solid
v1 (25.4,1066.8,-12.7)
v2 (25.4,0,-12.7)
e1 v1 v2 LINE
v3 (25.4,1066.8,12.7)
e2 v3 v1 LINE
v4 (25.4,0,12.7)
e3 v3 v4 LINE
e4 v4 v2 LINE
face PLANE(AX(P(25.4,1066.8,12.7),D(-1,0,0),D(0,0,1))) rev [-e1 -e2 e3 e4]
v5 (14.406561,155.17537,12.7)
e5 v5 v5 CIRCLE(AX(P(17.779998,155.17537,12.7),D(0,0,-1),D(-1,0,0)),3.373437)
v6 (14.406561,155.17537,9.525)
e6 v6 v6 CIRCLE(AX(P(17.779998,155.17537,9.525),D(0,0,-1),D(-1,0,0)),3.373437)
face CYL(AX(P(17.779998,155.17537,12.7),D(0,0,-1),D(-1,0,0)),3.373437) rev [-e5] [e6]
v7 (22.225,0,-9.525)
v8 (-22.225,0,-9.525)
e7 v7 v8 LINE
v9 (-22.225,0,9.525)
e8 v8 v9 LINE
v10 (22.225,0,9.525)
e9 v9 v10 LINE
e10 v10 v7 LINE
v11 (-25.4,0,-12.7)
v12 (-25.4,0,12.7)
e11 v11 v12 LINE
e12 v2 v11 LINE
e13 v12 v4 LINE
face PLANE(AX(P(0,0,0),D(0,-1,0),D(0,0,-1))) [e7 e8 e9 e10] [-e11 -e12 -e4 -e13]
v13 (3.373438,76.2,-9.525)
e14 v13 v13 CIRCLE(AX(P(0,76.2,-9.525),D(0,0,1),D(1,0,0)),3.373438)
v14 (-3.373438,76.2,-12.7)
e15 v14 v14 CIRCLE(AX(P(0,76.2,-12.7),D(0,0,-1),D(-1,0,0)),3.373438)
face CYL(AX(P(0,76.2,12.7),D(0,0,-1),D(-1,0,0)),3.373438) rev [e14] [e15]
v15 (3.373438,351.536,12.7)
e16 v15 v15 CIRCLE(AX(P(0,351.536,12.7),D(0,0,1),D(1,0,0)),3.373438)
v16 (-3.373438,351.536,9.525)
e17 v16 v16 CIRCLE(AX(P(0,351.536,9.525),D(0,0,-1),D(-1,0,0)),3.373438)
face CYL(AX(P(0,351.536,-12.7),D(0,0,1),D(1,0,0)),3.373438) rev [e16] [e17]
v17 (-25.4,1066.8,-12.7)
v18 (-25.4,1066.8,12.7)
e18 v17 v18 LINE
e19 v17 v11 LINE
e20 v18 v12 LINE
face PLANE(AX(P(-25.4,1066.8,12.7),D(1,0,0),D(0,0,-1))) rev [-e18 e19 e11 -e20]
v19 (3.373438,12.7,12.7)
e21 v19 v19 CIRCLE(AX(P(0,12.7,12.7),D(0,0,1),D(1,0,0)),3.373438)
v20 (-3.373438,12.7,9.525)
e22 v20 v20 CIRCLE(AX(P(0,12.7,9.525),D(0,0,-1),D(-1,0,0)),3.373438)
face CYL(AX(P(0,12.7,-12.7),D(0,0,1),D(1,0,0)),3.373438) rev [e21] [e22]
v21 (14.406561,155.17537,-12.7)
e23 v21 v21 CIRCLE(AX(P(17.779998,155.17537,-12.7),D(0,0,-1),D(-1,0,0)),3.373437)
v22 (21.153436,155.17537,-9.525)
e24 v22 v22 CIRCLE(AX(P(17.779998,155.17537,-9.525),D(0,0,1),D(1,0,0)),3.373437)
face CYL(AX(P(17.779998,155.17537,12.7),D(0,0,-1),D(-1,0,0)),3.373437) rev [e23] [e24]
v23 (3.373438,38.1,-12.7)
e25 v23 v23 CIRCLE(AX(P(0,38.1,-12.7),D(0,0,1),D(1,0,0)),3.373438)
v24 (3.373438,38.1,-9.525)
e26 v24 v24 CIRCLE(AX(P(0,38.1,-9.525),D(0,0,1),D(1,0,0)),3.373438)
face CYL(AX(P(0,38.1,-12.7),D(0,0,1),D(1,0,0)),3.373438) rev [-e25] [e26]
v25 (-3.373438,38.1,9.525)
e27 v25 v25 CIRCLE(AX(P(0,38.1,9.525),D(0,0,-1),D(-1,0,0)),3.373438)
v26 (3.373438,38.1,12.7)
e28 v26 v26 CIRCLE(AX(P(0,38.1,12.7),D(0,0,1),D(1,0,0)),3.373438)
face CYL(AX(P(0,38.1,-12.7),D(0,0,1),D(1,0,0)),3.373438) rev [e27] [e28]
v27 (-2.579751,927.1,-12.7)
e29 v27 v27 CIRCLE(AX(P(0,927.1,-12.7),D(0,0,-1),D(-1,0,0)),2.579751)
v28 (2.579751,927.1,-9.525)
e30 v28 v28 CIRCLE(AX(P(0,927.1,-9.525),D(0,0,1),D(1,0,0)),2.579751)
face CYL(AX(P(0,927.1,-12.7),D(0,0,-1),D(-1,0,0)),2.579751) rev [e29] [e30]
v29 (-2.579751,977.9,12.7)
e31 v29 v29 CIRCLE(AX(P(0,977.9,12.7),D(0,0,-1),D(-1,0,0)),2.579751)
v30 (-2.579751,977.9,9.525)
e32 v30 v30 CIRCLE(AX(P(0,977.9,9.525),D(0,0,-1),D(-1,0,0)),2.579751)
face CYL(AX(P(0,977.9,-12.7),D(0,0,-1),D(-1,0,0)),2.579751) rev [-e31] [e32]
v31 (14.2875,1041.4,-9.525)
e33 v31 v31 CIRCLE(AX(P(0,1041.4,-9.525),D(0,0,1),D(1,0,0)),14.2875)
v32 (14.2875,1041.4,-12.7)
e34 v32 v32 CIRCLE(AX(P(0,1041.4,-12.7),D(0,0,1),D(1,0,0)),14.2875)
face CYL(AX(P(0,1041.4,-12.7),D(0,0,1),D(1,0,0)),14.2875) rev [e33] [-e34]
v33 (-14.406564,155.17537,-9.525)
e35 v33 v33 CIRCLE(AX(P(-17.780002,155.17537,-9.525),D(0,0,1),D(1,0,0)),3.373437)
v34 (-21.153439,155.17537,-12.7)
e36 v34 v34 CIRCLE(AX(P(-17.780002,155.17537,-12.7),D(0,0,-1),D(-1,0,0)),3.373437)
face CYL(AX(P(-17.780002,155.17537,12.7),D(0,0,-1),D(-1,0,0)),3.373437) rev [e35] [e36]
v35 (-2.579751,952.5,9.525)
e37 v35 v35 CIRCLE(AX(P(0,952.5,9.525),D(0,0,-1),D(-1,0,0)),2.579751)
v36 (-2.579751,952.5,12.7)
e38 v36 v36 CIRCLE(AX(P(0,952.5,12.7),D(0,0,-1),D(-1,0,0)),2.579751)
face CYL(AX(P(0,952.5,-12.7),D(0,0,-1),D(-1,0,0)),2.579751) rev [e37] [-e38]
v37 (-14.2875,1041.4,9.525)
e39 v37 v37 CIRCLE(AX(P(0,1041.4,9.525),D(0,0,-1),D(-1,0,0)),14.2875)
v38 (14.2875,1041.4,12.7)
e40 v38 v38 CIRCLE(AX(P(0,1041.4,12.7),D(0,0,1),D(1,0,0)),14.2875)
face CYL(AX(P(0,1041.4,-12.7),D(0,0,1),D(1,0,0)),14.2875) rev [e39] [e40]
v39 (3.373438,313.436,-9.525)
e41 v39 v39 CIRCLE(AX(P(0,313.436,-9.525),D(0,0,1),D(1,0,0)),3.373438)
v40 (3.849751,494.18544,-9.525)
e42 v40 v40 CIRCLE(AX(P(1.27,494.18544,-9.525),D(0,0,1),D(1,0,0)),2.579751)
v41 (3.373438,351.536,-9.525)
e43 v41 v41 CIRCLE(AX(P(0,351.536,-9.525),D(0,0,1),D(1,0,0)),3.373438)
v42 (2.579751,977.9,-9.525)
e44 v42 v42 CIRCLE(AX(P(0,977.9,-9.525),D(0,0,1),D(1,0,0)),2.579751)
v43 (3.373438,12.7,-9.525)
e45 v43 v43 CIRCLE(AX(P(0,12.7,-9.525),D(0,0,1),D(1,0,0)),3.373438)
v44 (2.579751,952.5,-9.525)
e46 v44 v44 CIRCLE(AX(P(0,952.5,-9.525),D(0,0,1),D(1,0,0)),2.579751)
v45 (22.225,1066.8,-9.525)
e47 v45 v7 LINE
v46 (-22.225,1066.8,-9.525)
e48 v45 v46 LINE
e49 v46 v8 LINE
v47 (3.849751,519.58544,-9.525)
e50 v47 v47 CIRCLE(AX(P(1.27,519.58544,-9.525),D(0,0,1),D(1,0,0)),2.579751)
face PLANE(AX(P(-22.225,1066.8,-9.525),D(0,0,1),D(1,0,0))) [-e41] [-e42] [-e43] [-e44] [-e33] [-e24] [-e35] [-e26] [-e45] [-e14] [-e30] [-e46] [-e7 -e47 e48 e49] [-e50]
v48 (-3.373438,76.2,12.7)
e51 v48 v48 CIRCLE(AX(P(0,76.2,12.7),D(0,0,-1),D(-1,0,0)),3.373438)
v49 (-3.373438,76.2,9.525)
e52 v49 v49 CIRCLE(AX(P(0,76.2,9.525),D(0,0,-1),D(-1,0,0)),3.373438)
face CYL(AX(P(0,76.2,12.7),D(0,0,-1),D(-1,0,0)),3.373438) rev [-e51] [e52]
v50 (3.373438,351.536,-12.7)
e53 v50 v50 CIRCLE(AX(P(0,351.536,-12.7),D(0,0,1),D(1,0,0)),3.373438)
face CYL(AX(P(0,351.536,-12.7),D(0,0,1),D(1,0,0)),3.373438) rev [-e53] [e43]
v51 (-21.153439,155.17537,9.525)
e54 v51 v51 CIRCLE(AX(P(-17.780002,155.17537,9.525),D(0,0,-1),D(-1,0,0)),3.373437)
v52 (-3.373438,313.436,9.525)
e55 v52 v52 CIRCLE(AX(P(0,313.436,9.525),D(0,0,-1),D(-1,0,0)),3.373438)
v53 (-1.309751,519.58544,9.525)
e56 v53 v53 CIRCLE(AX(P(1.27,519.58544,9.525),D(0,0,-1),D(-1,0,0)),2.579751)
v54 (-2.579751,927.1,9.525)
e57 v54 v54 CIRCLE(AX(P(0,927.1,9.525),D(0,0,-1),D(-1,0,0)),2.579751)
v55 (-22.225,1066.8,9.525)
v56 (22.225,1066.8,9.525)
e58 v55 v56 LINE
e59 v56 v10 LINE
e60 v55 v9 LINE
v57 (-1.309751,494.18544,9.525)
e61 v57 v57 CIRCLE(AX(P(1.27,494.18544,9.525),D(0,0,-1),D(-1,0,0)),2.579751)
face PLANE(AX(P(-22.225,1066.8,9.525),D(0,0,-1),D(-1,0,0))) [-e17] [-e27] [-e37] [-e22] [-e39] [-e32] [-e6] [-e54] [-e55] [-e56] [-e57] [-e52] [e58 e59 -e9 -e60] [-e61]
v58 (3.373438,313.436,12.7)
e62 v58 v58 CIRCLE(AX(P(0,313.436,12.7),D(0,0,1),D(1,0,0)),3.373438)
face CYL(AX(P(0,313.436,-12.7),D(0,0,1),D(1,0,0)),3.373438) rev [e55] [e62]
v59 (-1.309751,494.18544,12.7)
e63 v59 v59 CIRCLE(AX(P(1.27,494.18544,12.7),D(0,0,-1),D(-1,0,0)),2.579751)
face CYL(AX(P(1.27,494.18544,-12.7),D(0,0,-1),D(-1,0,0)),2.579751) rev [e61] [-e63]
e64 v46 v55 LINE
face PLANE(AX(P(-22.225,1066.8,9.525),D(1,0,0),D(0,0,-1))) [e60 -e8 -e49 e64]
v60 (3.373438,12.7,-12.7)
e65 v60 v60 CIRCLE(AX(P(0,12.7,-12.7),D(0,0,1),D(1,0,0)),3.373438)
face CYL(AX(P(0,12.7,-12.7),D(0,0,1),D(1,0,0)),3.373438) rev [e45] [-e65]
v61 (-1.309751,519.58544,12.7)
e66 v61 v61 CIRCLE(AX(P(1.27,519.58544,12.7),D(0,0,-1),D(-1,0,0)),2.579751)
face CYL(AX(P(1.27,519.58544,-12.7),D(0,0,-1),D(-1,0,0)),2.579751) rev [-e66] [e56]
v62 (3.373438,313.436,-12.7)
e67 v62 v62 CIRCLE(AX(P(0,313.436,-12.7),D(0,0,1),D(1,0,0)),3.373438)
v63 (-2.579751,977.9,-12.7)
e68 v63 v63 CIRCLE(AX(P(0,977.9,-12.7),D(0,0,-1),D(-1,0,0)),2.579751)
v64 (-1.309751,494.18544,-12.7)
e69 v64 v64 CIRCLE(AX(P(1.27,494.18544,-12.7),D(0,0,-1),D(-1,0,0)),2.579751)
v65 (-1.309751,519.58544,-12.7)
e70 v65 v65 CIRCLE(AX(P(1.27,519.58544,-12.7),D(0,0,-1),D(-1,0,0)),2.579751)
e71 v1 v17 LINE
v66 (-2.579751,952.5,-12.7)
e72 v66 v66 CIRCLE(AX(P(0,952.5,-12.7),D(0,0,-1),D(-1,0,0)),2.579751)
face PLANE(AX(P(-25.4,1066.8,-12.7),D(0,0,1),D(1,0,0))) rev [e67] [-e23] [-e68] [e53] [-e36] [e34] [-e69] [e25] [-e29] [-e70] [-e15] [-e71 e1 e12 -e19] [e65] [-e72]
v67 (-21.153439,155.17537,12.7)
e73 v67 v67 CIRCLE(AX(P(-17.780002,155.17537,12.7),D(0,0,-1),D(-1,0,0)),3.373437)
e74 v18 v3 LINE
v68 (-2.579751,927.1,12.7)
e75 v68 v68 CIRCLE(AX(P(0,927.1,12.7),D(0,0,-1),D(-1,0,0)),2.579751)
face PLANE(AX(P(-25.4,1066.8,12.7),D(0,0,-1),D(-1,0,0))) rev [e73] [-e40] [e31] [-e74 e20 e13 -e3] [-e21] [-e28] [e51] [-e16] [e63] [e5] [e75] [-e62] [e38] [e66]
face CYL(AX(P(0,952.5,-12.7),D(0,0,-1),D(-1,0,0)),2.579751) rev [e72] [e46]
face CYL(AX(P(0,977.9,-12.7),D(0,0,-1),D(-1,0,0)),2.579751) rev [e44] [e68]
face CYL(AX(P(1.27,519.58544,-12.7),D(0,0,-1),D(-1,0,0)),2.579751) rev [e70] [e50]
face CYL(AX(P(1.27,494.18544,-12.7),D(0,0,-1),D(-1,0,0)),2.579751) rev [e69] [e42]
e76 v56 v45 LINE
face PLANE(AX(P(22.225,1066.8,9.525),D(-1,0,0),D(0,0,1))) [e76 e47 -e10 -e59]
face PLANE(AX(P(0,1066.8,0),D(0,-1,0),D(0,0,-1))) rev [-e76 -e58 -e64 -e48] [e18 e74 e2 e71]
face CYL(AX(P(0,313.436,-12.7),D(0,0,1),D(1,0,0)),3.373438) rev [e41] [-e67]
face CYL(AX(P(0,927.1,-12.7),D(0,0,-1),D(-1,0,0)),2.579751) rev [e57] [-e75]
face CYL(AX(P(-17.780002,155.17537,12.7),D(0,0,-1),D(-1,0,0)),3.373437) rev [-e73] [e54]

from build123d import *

# Parameters (mm, degrees)
SKETCH1_W                        = 50.8
SKETCH1_H                        = 25.4
SKETCH1_W_2                      = 44.45
SKETCH1_H_2                      = 19.05
BOSS_EXTRUDE1_DEPTH              = 1066.8
SKETCH2_R                        = 14.2875
CUT_EXTRUDE1_DEPTH               = 1068.404590584
SKETCH3_R                        = 3.3734375
CUT_EXTRUDE2_DEPTH               = 1068.404590584
SKETCH4_R                        = 3.3734375
CUT_EXTRUDE3_DEPTH               = 1068.404590584
SKETCH5_R                        = 3.3734375
CUT_EXTRUDE4_DEPTH               = 1068.404590584
F_13_64_0_20313_DIAMETER_HOLE1_D = 5.159502
F_13_64_0_20313_DIAMETER_HOLE2_D = 5.159502
SKETCH10_R                       = 3.3734375
CUT_EXTRUDE5_DEPTH               = 1068.404590584
SKETCH11_R                       = 3.3734375
CUT_EXTRUDE6_DEPTH               = 1068.404590584


with BuildPart() as part:
    # Sketch1 → Boss-Extrude1 (new body)
    with BuildSketch(Plane(origin=(0, 0, 0), x_dir=(1, 0, 0), z_dir=(0, 1, 0))):
        Rectangle(SKETCH1_W, SKETCH1_H)
        Rectangle(SKETCH1_W_2, SKETCH1_H_2, mode=Mode.SUBTRACT)
    extrude(amount=BOSS_EXTRUDE1_DEPTH)

    # Sketch2 → Cut-Extrude1 (cut, through all)
    with BuildSketch(Plane.XY.offset(12.7)):
        with Locations((0, 1041.4)):
            Circle(SKETCH2_R)
    extrude(amount=-CUT_EXTRUDE1_DEPTH, mode=Mode.SUBTRACT)

    # Sketch3 → Cut-Extrude2 (cut, through all)
    with BuildSketch(Plane.XY.offset(12.7)):
        with Locations((0, 313.436)):
            Circle(SKETCH3_R)
    extrude(amount=-CUT_EXTRUDE2_DEPTH, mode=Mode.SUBTRACT)

    # Sketch4 → Cut-Extrude3 (cut, through all)
    with BuildSketch(Plane.XY.offset(12.7)):
        with Locations((0, 351.536)):
            Circle(SKETCH4_R)
    extrude(amount=-CUT_EXTRUDE3_DEPTH, mode=Mode.SUBTRACT)

    # Sketch5 → Cut-Extrude4 (cut, through all)
    with BuildSketch(Plane.XY.offset(12.7)):
        with Locations((0, 12.7)):
            Circle(SKETCH5_R)
        with Locations((0, 38.1)):
            Circle(SKETCH5_R)
    extrude(amount=-CUT_EXTRUDE4_DEPTH, mode=Mode.SUBTRACT)

    # 13/64 (0.20313) Diameter Hole1 (through all)
    with Locations(Plane(origin=(0, 0, -12.7), x_dir=(-1, 0, 0), z_dir=(0, 0, -1))):
        with Locations((-1.269999999, 519.585439927), (-1.269999999, 494.185439927)):
            Hole(F_13_64_0_20313_DIAMETER_HOLE1_D / 2)

    # 13/64 (0.20313) Diameter Hole2 (through all)
    with Locations(Plane(origin=(0, 0, -12.7), x_dir=(-1, 0, 0), z_dir=(0, 0, -1))):
        with Locations((0, 977.9), (0, 952.5), (0, 927.1)):
            Hole(F_13_64_0_20313_DIAMETER_HOLE2_D / 2)

    # Sketch10 → Cut-Extrude5 (cut, through all)
    with BuildSketch(Plane(origin=(0, 0, -12.7), x_dir=(-1, 0, 0), z_dir=(0, 0, -1))):
        with Locations((0, 76.2)):
            Circle(SKETCH10_R)
    extrude(amount=-CUT_EXTRUDE5_DEPTH, mode=Mode.SUBTRACT)

    # Sketch11 → Cut-Extrude6 (cut, through all)
    with BuildSketch(Plane(origin=(0, 0, -12.7), x_dir=(-1, 0, 0), z_dir=(0, 0, -1))):
        with Locations((-17.779998161, 155.17537)):
            Circle(SKETCH11_R)
        with Locations((17.780001839, 155.17537)):
            Circle(SKETCH11_R)
    extrude(amount=-CUT_EXTRUDE6_DEPTH, mode=Mode.SUBTRACT)


solid = part.part
